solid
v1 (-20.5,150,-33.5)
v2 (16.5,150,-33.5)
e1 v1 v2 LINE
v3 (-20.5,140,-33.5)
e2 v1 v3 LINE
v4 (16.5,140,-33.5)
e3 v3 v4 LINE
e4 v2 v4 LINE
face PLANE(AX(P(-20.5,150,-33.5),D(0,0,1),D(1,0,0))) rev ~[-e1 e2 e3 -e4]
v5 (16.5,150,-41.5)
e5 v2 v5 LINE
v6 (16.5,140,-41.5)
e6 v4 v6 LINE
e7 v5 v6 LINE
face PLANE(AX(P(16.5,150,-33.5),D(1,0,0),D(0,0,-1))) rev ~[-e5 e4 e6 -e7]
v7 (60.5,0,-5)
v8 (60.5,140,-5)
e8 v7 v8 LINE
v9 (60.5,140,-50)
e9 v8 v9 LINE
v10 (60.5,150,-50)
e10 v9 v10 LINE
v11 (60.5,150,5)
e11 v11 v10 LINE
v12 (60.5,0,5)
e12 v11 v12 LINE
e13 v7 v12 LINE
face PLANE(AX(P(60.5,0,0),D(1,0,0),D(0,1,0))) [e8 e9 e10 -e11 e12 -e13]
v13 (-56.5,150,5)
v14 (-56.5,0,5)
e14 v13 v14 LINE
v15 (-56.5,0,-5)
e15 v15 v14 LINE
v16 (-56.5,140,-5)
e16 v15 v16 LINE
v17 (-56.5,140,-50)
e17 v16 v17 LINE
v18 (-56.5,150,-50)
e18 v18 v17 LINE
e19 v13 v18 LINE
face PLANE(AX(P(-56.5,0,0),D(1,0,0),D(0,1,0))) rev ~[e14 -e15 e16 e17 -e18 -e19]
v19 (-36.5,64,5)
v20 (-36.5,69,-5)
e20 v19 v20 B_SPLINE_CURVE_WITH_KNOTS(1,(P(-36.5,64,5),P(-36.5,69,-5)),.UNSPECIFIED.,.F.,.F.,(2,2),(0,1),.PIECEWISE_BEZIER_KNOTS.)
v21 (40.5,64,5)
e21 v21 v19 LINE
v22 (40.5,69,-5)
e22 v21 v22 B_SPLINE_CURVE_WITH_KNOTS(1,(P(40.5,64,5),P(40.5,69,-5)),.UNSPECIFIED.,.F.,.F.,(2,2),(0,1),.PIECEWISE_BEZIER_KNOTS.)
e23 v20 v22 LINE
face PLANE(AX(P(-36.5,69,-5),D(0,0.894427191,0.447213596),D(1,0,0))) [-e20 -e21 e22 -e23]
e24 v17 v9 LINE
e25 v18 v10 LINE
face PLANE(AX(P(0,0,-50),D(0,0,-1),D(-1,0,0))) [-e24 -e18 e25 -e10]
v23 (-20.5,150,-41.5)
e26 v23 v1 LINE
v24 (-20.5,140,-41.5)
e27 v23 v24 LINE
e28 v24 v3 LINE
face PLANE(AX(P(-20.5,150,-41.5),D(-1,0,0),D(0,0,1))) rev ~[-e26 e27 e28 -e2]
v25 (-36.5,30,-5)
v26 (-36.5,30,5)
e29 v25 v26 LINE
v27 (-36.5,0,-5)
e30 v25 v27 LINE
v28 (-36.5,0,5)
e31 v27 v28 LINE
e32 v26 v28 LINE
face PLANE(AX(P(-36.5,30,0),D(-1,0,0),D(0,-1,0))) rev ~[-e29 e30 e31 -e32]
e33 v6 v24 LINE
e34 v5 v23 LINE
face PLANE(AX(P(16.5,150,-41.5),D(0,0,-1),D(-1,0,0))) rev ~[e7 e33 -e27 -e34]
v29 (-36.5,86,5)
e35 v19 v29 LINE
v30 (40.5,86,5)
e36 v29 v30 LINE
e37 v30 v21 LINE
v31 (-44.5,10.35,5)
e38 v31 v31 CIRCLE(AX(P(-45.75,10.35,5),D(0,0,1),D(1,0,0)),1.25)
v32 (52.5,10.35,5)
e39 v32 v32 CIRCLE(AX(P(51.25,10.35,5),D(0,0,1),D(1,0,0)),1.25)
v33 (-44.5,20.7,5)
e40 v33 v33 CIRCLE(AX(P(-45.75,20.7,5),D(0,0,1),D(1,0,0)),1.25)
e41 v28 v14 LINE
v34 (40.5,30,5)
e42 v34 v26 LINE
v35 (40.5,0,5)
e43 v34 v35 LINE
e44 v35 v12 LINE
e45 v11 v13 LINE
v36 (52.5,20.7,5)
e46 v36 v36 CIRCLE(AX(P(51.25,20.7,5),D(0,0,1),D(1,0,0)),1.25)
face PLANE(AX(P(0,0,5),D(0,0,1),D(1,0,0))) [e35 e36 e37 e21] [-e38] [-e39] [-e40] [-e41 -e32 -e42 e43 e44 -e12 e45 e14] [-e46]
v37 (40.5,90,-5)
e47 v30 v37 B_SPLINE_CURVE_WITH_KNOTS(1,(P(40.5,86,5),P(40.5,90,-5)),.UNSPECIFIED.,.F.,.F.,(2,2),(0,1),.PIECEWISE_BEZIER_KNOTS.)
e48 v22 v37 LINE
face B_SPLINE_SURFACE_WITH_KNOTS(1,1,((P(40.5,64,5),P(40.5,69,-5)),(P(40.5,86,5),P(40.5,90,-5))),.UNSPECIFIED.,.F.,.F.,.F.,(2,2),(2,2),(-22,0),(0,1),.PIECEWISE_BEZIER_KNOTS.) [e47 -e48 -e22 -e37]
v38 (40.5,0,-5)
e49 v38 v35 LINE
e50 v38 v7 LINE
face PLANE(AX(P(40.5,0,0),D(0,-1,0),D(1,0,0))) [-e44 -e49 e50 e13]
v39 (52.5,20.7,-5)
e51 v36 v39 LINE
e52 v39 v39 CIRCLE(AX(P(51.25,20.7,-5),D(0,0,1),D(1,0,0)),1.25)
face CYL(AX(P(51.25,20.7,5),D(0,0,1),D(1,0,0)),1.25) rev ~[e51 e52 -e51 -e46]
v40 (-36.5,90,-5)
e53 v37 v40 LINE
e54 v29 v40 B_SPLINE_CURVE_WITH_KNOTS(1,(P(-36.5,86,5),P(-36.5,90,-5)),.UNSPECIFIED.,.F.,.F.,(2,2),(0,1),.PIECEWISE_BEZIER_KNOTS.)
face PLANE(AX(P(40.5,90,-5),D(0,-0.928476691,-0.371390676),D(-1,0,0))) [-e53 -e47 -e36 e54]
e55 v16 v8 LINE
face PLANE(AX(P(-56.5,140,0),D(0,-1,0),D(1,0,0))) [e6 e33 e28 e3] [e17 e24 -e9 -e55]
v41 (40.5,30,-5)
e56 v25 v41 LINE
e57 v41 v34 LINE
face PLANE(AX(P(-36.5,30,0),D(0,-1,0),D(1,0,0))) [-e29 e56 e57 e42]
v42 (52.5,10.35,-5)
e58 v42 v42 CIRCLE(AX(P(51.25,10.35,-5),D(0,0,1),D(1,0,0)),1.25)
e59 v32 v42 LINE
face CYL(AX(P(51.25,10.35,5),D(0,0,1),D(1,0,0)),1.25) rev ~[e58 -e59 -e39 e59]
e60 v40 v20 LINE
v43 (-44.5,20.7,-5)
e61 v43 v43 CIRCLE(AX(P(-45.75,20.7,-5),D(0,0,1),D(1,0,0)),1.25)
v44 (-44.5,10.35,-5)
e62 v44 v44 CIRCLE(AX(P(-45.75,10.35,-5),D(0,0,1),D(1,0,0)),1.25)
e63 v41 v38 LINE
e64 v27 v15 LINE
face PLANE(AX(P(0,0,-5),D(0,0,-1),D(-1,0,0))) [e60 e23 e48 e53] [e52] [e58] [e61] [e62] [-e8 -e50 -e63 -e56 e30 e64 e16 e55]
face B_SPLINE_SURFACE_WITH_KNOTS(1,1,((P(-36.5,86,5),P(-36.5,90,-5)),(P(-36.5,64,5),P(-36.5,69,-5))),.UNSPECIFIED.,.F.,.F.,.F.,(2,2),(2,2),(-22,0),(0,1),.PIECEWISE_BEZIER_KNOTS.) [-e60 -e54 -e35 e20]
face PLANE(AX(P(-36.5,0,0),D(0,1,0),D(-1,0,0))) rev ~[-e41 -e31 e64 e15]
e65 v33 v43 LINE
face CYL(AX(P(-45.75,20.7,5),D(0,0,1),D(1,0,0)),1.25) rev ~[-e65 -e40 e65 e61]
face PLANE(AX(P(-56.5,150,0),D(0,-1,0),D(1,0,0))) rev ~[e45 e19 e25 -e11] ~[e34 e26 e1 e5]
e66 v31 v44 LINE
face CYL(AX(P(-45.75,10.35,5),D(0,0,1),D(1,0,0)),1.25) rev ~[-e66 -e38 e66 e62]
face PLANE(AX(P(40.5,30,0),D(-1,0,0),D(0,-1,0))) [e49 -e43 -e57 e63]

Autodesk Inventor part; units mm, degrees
ref_plane "YZ Plane" through (0, 0, 0) normal (1, 0, 0) x (0, 1, 0)
ref_plane "XZ Plane" through (0, 0, 0) normal (0, 1, 0) x (-1, 0, 0)
ref_plane "XY Plane" through (0, 0, 0) normal (0, 0, 1) x (1, 0, 0)
sketch "草圖1" plane through (0, 0, 0) normal (0, 0, 1) x (1, 0, 0)
  line L0 (-56.5, 30) -> (-36.5, 30)
  line L1 (-36.5, 30) -> (-36.5, 0)
  line L2 (-36.5, 0) -> (-56.5, 0)
  line L3 (-56.5, 0) -> (-56.5, 30)
  point P0 (0, 0)
  dimension "d0" = 30
  dimension "d1" = 20
  dimension "d2" = 36.5
extrude "擠出1" add sketch "草圖1" along normal blind 5
sketch "草圖4" plane through (-56.5, 30, 0) normal (0, 1, 0) x (1, 0, 0)
  line L0 (0, 0) -> (58.5, 0)
  line L1 (58.5, 0) -> (58.5, -5)
  line L2 (58.5, -5) -> (0, -5)
  line L3 (0, -5) -> (0, 0)
  line L4 (20, -5) -> (0, -5) projected
  point P0 (56.5, 0)
  point P1 (18.5, -5)
  point P2 (3, -5)
  dimension "d20" = 5
  dimension "d21" = 0
  dimension "d87" = 58.5
extrude "擠出4" add sketch "草圖4" along normal blind 120
mirror "鏡射1" about plane through (2, 30, 5) normal (1, 0, 0)
sketch "草圖5" plane through (0, 0, 0) normal (0, 0, -1) x (-1, 0, 0)
  line L0 (56.5, 150) -> (-60.5, 150) projected
  line L1 (-60.5, 150) -> (56.5, 150)
  line L2 (56.5, 150) -> (56.5, 140)
  line L3 (56.5, 140) -> (-60.5, 140)
  line L4 (-60.5, 140) -> (-60.5, 150)
  point P0 (0, 0)
  dimension "d24" = 10
  dimension "d25" = 117
extrude "擠出5" add sketch "草圖5" along normal blind 50
sketch "草圖6" plane through (-56.5, 150, 0) normal (0, 1, 0) x (1, 0, 0)
  line L0 (36, 33.5) -> (73, 33.5)
  line L1 (73, 33.5) -> (73, 41.5)
  line L2 (73, 41.5) -> (36, 41.5)
  line L3 (36, 41.5) -> (36, 33.5)
  line L4 (0, -5) -> (117, -5) projected
  point P0 (56.5, 0)
  dimension "d28" = 37
  dimension "d29" = 16.5
  dimension "d30" = 8
  dimension "d31" = 38.5
extrude "擠出6" cut sketch "草圖6" against normal up to next
sketch "草圖7" plane through (0, 0, 0) normal (0, 0, -1) x (-1, 0, 0)
  line L0 (56.5, 140) -> (-60.5, 140) projected
  line L1 (-60.5, 0) -> (-60.5, 140) projected
  line L2 (-40.5, 0) -> (-60.5, 0) projected
  line L3 (-40.5, 30) -> (-40.5, 0) projected
  line L4 (36.5, 30) -> (-40.5, 30) projected
  line L5 (36.5, 30) -> (36.5, 0) projected
  line L6 (36.5, 0) -> (56.5, 0) projected
  line L7 (56.5, 0) -> (56.5, 140) projected
  point P0 (0, 0)
extrude "擠出7" add sketch "草圖7" along normal blind 5
sketch "草圖11" plane through (0, 0, 5) normal (0, 0, 1) x (1, 0, 0)
  line L0 (-36.5, 86) -> (40.5, 86)
  line L1 (40.5, 86) -> (40.5, 64)
  line L2 (40.5, 64) -> (-36.5, 64)
  line L3 (-36.5, 64) -> (-36.5, 86)
  line L4 (40.5, 0) -> (40.5, 30) projected
  line L5 (-36.5, 0) -> (-36.5, 30) projected
  line L6 (40.5, 30) -> (-36.5, 30) projected
  line L7 (-56.5, 150) -> (60.5, 150) projected
  point P0 (0, 0)
  dimension "d64" = 0
  dimension "d65" = 0
  dimension "d66" = 34
  dimension "d67" = 64
sketch "草圖12" plane through (0, 0, -5) normal (0, 0, -1) x (-1, 0, 0)
  line L0 (-40.5, 90) -> (36.5, 90)
  line L1 (36.5, 90) -> (36.5, 69)
  line L2 (36.5, 69) -> (-40.5, 69)
  line L3 (-40.5, 69) -> (-40.5, 90)
  line L4 (36.5, 30) -> (36.5, 0) projected
  line L5 (-40.5, 0) -> (-40.5, 30) projected
  line L6 (-60.5, 140) -> (56.5, 140) projected
  line L7 (-40.5, 30) -> (36.5, 30) projected
  point P0 (0, 0)
  dimension "d68" = 0
  dimension "d69" = 0
  dimension "d70" = 50
  dimension "d71" = 39
loft "斷面混成2" cut profiles "草圖11", "草圖12"
sketch "草圖13" plane through (0, 0, 5) normal (0, 0, 1) x (1, 0, 0)
  circle A0 centre (-45.75, 10.35) radius 1.25
  line L0 (-56.5, 0) -> (-56.5, 150) projected
  line L1 (-56.5, 0) -> (-36.5, 0) projected
  circle A1 centre (-45.75, 20.7) radius 1.25
  circle A2 centre (51.25, 10.35) radius 1.25
  circle A3 centre (51.25, 20.7) radius 1.25
  line L2 (40.5, 0) -> (40.5, 30) projected
  line L3 (60.5, 0) -> (40.5, 0) projected
  point P0 (0, 0)
  dimension "d76" = 2.5
  dimension "d77" = 10.75
  dimension "d78" = 10.35
  dimension "d79" = 10.35
  dimension "d80" = 10.75
  dimension "d81" = 10.75
  dimension "d82" = 10.75
  dimension "d83" = 10.35
  dimension "d84" = 10.35
extrude "擠出10" cut sketch "草圖13" against normal up to surface (10 mm away)
properties part number "0724"
